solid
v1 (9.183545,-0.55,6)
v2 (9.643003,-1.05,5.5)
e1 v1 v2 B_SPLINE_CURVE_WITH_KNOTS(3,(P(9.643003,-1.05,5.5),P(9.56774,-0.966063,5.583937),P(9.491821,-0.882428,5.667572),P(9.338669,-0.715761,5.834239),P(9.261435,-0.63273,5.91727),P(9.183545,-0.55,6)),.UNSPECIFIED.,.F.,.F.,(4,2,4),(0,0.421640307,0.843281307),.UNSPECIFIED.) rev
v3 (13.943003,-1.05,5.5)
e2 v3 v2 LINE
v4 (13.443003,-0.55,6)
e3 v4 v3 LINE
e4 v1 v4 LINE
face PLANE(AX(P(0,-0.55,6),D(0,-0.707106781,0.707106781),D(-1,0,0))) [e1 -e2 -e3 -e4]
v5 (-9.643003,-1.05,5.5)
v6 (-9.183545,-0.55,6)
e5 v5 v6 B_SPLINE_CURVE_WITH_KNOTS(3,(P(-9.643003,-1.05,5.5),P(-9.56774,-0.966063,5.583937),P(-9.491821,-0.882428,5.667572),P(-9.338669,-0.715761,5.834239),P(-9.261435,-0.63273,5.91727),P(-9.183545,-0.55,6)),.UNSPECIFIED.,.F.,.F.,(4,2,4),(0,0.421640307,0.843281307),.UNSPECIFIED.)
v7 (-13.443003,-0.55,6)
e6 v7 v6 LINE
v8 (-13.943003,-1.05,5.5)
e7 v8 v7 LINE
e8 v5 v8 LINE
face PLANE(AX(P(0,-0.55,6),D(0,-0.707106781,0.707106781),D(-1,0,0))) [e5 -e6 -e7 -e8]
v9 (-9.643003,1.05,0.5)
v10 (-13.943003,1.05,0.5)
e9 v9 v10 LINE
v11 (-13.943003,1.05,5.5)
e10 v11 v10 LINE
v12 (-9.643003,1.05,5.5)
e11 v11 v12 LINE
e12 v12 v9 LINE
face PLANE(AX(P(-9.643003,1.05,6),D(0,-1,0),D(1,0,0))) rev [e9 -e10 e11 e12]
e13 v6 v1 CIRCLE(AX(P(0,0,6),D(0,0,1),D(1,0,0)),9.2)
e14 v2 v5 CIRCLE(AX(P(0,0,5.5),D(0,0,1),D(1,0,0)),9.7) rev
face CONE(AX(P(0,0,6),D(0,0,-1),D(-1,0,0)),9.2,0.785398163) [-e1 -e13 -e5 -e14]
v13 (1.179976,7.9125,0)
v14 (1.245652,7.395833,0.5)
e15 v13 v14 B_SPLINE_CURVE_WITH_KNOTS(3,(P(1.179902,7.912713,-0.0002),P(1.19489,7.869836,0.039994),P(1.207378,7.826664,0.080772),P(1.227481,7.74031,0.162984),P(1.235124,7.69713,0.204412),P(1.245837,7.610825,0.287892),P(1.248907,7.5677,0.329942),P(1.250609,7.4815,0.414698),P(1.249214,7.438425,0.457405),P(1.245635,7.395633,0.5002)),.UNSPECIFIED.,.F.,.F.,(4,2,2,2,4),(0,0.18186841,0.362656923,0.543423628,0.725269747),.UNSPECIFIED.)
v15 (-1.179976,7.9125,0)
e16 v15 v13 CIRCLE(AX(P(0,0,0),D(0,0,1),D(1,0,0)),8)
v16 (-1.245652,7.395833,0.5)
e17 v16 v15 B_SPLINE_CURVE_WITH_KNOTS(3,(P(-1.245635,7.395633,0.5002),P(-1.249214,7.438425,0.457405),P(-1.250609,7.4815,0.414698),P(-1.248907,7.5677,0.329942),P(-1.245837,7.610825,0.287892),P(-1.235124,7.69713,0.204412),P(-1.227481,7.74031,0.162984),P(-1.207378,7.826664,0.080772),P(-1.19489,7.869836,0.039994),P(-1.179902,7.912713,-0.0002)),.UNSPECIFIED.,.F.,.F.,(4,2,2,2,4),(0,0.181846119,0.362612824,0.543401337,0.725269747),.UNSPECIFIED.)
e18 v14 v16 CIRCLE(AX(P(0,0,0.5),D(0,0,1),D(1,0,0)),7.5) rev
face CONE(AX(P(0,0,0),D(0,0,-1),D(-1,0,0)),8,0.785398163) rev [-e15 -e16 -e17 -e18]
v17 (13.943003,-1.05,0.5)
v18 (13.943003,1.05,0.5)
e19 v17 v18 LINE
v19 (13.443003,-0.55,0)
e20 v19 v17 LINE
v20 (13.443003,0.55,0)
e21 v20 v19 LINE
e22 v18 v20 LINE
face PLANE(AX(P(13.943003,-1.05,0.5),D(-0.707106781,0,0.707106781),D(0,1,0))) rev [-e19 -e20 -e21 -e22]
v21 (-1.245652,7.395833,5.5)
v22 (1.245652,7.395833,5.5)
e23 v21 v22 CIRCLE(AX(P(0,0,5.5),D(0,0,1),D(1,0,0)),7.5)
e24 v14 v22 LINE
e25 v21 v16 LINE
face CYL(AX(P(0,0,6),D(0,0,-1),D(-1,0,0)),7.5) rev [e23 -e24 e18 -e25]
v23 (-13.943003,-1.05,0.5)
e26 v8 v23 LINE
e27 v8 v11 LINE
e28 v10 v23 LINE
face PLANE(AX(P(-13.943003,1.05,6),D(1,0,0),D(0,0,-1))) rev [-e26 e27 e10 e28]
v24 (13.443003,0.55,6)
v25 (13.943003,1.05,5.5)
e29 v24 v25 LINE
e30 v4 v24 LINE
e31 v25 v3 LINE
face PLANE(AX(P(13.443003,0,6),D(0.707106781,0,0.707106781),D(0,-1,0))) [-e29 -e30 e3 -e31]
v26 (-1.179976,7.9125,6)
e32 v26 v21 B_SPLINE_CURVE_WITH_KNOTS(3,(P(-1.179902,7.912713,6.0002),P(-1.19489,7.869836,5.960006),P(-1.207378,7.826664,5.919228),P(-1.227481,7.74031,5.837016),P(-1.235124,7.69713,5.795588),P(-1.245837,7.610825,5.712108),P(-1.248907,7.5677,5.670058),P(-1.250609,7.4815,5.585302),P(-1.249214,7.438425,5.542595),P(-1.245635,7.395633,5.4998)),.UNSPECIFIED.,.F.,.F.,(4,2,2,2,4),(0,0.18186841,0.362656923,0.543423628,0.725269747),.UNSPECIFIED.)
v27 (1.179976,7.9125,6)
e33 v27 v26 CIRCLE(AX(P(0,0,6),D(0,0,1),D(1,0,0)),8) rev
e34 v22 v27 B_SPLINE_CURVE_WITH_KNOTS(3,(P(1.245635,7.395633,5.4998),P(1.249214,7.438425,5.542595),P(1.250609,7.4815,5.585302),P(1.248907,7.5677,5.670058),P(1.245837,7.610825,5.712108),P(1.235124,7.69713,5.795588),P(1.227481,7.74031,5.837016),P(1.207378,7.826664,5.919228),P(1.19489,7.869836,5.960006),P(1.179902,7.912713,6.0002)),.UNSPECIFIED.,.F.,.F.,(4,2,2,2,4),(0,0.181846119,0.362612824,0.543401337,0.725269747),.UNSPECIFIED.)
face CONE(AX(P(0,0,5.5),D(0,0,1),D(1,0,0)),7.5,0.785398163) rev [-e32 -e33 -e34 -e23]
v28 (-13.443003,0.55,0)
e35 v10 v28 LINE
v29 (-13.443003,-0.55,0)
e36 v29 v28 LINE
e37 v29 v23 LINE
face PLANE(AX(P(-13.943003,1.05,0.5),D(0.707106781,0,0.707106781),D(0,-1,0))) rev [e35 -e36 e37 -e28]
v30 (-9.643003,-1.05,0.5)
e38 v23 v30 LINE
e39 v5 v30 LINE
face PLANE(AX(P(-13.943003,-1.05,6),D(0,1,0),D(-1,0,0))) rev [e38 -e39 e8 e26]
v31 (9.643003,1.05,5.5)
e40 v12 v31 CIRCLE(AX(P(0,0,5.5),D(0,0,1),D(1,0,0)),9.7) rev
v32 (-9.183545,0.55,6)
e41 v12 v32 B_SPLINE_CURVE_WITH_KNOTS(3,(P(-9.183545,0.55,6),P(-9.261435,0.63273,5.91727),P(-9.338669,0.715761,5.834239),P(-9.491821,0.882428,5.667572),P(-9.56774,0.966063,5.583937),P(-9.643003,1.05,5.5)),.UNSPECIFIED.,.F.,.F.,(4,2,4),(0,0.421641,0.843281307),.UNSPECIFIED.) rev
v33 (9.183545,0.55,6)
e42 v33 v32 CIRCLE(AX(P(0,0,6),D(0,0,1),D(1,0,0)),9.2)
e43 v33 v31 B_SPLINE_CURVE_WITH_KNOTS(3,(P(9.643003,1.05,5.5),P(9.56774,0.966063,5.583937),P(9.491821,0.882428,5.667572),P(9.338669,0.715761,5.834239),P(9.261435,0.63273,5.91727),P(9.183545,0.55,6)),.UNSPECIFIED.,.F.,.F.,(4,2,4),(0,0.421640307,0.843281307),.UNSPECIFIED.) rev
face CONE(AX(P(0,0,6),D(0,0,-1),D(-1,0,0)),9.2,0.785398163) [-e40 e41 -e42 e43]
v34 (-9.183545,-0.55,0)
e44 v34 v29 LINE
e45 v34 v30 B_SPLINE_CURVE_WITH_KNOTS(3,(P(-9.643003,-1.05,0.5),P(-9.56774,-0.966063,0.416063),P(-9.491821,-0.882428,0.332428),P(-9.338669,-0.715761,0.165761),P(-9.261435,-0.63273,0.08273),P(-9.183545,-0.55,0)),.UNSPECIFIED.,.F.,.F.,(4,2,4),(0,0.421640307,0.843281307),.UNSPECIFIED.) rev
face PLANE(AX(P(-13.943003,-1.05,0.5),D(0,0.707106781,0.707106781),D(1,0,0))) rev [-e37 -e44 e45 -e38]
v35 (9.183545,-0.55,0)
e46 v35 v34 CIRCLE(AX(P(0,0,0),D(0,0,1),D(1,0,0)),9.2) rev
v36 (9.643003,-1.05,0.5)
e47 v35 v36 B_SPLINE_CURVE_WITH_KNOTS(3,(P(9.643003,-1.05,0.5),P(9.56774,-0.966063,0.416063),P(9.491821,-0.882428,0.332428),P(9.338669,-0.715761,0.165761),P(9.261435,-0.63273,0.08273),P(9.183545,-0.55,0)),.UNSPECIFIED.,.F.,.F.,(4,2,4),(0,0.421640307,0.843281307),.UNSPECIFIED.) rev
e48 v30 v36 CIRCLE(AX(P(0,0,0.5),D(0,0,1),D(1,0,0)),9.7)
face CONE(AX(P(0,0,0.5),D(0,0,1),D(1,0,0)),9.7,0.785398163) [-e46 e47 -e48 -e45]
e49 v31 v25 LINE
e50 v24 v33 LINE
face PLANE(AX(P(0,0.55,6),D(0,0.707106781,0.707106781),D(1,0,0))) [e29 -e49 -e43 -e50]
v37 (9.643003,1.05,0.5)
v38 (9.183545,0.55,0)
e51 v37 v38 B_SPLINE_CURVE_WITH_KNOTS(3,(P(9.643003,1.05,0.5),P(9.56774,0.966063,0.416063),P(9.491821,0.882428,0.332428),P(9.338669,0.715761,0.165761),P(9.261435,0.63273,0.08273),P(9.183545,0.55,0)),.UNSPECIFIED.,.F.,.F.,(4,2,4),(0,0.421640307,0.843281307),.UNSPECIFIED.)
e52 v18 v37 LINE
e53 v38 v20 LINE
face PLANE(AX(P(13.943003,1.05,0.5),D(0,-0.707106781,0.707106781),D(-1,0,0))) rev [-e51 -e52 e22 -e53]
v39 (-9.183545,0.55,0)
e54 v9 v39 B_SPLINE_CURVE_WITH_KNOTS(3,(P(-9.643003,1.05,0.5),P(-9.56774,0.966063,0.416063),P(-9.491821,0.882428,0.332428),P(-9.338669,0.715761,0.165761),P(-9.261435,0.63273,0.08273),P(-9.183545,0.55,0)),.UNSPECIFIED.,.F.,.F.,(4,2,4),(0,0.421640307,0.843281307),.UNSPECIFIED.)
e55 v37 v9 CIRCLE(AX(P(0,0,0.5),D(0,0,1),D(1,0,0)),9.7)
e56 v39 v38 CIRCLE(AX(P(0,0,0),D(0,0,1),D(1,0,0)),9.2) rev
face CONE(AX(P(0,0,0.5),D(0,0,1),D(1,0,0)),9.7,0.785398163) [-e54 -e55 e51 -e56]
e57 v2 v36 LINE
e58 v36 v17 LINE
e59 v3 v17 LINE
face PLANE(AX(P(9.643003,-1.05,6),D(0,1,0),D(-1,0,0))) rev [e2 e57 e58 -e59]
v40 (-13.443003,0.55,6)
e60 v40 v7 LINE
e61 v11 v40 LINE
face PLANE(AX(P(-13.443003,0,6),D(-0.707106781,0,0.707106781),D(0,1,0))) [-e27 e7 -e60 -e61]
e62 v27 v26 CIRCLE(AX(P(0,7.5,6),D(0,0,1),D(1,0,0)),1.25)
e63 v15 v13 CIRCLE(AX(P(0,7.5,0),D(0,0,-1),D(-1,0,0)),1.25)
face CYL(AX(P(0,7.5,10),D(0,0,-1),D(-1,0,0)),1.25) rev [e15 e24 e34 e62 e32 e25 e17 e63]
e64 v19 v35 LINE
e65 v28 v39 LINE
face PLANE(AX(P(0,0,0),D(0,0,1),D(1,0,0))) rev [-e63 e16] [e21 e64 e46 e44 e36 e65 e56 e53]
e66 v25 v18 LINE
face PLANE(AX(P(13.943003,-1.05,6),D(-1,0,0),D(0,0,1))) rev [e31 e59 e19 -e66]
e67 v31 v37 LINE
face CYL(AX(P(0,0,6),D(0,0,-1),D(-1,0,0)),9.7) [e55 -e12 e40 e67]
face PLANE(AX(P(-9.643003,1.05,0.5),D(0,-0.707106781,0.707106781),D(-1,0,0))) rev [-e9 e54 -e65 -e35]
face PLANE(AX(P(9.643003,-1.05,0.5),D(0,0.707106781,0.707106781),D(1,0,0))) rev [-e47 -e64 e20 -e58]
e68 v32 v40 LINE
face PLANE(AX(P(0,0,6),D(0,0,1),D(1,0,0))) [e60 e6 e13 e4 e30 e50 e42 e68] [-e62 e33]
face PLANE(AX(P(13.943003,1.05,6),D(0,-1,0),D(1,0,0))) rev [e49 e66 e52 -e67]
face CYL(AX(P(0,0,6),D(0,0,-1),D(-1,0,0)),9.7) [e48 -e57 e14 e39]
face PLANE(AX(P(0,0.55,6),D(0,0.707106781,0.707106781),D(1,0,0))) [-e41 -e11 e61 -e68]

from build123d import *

# Parameters (mm, degrees)
SKETCH1_R           = 7.5
BOSS_EXTRUDE1_DEPTH = 6
CHAMFER1_SIZE       = 0.5
SKETCH2_R           = 1.25
CUT_EXTRUDE1_DEPTH  = 10


with BuildPart() as part:
    # Sketch1 → Boss-Extrude1 (new body)
    with BuildSketch(Plane.XY):
        with BuildLine():
            Line((9.643002644, -1.05), (13.943002644, -1.05))
            Line((13.943002644, -1.05), (13.943002644, 1.05))
            Line((13.943002644, 1.05), (9.643002644, 1.05))
            ThreePointArc((9.643002644, 1.05), (0, 9.7), (-9.643002644, 1.05))
            Line((-9.643002644, 1.05), (-13.943002644, 1.05))
            Line((-13.943002644, 1.05), (-13.943002644, -1.05))
            Line((-13.943002644, -1.05), (-9.643002644, -1.05))
            ThreePointArc((-9.643002644, -1.05), (0, -9.7), (9.643002644, -1.05))
        make_face()
        Circle(SKETCH1_R, mode=Mode.SUBTRACT)
    extrude(amount=BOSS_EXTRUDE1_DEPTH)

    # Chamfer1
    chamfer1_edges = [part.edges().sort_by_distance(p)[0] for p in [
        (0, -9.7, 0),
        (-11.793002644, -1.05, 0),
        (-13.943002644, 0, 0),
        (-11.793002644, 1.05, 0),
        (-11.793002644, -1.05, 6),
        (0, -9.7, 6),
        (11.793002644, -1.05, 6),
        (-7.5, 0, 0),
        (-7.5, 0, 6),
        (13.943002644, 0, 6),
        (11.793002644, 1.05, 6),
        (0, 9.7, 6),
        (-11.793002644, 1.05, 6),
        (0, 9.7, 0),
        (-13.943002644, 0, 6),
        (11.793002644, 1.05, 0),
        (13.943002644, 0, 0),
        (11.793002644, -1.05, 0),
    ]]
    chamfer(chamfer1_edges, length=CHAMFER1_SIZE)

    # Sketch2 → Cut-Extrude1 (cut)
    with BuildSketch(Plane(origin=(0, 0, 0), x_dir=(-1, 0, 0), z_dir=(0, 0, -1))):
        with Locations((0, 7.5)):
            Circle(SKETCH2_R)
    extrude(amount=-CUT_EXTRUDE1_DEPTH, mode=Mode.SUBTRACT)


solid = part.part
